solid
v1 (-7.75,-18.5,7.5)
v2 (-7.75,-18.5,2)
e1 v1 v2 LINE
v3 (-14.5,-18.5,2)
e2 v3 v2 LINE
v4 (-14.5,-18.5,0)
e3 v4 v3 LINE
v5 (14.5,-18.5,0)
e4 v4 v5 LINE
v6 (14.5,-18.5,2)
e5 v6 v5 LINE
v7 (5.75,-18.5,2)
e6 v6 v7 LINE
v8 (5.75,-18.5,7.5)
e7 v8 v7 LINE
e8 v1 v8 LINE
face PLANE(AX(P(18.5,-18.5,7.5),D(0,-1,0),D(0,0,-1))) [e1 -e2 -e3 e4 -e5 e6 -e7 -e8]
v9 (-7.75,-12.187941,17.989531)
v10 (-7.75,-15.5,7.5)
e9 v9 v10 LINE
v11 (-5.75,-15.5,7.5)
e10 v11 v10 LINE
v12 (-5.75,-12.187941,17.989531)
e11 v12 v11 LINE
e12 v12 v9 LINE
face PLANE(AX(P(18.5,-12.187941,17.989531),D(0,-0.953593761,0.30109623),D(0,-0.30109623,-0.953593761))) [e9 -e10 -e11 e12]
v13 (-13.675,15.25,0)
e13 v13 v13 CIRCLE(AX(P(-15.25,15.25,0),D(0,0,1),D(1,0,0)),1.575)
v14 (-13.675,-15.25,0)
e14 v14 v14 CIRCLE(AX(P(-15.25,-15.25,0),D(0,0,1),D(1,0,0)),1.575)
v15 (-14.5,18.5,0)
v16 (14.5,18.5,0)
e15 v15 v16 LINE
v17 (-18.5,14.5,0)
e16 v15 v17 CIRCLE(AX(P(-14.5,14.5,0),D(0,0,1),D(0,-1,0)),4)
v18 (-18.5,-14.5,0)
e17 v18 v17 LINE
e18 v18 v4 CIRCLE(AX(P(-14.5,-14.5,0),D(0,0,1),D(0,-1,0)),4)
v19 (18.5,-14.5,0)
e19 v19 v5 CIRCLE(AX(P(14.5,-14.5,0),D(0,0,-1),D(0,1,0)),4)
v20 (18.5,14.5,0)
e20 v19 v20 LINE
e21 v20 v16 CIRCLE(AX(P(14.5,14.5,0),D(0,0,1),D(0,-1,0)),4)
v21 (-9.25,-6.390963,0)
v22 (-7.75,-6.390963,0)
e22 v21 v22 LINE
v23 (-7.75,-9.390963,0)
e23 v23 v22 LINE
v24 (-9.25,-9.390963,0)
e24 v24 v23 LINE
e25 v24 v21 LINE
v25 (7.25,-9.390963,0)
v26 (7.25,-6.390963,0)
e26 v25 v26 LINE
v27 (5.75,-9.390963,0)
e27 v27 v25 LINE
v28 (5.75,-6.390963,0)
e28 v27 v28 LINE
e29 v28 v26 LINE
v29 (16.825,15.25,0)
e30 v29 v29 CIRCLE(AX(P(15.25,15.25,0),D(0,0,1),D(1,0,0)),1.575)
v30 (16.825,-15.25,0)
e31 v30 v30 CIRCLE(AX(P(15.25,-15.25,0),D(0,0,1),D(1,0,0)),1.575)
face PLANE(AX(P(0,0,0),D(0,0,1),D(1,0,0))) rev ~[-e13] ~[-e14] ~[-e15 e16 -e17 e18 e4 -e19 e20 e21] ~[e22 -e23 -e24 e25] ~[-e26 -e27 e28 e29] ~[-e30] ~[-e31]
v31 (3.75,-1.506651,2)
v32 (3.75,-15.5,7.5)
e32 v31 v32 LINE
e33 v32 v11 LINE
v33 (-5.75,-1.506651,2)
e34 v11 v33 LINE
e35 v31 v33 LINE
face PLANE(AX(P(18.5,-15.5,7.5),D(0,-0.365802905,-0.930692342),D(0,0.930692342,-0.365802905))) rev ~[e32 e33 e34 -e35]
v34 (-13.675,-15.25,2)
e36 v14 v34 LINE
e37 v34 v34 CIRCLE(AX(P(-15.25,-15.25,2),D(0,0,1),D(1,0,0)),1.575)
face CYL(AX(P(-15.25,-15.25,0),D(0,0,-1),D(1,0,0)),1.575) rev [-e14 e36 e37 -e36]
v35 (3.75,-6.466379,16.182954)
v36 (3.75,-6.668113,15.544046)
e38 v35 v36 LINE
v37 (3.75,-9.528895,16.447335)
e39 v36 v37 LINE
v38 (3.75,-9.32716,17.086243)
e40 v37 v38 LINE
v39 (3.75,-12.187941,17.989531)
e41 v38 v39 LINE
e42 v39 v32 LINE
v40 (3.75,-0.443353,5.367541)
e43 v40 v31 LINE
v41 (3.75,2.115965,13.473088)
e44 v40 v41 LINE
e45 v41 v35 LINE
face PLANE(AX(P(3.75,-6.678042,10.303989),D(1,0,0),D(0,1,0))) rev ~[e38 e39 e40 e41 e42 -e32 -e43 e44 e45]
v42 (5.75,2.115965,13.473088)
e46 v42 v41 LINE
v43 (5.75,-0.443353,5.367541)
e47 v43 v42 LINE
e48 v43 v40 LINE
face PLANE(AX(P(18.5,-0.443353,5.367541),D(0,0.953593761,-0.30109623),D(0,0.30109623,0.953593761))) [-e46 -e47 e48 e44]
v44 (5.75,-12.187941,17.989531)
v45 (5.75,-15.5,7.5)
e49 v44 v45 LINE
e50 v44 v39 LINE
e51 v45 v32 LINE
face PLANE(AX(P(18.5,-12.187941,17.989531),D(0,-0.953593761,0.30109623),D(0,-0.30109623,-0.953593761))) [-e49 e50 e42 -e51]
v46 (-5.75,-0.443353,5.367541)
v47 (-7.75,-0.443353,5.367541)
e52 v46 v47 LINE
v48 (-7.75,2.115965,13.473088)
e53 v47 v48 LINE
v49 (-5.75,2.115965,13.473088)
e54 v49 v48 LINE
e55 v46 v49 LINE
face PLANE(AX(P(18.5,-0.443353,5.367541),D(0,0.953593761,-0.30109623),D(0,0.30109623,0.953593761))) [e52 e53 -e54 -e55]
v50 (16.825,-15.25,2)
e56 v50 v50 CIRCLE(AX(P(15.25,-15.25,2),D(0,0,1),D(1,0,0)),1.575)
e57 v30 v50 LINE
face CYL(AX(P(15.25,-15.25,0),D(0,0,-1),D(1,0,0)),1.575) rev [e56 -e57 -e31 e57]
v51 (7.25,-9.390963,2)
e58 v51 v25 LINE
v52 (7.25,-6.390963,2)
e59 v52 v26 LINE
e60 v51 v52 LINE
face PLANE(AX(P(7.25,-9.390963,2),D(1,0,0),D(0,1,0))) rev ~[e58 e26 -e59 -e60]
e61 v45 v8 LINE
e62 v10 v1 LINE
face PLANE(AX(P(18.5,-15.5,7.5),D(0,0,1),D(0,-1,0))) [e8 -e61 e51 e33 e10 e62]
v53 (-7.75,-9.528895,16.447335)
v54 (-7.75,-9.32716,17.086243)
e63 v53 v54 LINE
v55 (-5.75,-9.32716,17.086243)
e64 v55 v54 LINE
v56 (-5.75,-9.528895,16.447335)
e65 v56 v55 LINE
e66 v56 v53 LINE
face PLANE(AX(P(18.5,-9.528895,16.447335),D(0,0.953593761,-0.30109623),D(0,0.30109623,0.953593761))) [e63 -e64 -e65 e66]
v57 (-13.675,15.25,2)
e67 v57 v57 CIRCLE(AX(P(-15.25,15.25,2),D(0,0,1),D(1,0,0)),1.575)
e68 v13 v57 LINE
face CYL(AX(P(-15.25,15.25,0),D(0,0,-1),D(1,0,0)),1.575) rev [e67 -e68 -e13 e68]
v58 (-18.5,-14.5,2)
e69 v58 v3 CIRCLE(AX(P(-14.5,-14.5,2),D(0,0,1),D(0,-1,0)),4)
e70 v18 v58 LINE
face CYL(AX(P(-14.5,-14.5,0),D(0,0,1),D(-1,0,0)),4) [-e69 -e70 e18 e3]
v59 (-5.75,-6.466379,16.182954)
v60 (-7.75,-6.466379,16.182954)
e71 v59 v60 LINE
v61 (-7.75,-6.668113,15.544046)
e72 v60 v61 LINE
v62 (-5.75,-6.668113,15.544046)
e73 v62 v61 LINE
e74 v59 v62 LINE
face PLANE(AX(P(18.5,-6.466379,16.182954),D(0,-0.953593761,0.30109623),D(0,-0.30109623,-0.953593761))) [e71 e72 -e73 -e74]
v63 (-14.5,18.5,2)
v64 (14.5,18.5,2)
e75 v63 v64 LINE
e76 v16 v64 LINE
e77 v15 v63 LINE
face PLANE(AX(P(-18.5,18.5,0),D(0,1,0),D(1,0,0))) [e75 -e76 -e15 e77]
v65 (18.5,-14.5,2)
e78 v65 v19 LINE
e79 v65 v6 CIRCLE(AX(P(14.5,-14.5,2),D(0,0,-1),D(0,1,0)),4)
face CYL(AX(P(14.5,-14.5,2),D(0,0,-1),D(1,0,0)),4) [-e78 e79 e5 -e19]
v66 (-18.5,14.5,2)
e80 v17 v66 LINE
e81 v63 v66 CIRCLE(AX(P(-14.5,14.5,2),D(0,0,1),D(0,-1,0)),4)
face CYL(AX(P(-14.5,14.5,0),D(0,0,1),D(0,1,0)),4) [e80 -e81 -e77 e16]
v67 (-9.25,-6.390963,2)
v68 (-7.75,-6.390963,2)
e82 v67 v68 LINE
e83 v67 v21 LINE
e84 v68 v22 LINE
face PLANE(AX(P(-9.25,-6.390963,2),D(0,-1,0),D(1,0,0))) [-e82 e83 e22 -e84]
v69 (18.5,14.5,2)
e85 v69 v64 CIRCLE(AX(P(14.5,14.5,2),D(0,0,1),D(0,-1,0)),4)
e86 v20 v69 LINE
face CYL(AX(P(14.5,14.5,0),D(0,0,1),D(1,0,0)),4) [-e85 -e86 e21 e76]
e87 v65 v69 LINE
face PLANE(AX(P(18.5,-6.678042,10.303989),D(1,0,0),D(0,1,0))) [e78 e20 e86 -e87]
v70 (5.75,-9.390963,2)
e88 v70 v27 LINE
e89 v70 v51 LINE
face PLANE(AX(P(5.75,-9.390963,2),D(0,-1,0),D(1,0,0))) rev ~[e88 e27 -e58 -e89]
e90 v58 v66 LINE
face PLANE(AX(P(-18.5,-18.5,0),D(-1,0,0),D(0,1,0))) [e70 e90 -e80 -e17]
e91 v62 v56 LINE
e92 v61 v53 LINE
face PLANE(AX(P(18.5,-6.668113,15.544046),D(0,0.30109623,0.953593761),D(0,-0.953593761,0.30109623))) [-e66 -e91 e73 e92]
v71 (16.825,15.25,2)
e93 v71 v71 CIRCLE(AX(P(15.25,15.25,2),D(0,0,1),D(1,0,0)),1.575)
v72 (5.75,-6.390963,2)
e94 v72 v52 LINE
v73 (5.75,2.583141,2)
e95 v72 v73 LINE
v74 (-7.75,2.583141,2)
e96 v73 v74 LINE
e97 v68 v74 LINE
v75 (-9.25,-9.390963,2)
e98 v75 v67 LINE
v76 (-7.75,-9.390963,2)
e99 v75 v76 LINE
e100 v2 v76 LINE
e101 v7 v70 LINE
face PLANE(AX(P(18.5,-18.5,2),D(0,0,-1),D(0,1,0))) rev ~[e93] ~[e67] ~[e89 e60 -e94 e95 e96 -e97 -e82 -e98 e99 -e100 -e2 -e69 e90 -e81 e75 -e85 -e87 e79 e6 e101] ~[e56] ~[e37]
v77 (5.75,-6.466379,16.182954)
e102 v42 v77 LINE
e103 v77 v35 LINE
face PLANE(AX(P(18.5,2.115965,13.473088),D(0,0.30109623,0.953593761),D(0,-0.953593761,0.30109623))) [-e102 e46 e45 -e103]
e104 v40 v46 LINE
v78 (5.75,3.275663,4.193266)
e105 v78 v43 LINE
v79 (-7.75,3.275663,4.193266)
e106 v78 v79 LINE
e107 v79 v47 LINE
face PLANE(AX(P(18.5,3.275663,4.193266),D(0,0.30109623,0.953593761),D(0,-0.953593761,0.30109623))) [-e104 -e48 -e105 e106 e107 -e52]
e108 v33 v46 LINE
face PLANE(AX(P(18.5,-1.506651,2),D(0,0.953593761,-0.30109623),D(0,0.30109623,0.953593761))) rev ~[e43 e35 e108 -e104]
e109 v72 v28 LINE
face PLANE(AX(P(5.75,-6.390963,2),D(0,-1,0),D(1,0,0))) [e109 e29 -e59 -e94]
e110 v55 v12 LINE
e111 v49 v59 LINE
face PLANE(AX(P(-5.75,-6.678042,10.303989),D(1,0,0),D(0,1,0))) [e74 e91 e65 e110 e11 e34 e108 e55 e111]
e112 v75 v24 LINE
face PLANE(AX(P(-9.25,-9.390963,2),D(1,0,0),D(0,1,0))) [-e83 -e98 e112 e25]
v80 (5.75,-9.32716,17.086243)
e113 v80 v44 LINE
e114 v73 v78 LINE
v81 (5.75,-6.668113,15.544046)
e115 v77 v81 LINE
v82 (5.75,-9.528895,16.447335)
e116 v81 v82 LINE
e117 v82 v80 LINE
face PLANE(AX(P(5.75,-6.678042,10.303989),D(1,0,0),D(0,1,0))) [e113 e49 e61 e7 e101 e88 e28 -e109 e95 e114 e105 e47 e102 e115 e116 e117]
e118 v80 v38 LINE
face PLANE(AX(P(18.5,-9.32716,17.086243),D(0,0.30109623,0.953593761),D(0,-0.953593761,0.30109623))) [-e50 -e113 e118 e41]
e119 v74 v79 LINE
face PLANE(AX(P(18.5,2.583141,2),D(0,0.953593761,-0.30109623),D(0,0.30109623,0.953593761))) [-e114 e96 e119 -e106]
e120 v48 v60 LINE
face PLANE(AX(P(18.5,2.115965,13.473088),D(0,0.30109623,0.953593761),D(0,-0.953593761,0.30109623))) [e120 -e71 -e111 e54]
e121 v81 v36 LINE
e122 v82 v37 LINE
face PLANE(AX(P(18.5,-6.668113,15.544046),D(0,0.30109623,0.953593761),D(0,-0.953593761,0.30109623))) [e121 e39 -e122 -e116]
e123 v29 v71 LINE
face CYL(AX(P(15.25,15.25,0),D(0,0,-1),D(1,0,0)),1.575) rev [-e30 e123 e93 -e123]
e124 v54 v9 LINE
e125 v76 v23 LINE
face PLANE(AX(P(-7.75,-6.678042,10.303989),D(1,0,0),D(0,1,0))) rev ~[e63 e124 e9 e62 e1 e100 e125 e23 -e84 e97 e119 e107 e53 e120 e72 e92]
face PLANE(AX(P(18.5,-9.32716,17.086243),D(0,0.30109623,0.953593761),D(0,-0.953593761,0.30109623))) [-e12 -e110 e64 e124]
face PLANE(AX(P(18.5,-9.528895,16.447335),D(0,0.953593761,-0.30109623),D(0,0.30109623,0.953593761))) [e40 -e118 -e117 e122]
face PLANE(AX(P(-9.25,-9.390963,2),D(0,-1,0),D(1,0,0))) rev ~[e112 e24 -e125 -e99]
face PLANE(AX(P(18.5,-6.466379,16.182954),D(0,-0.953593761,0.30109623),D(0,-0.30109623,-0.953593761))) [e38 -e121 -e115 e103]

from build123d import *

# Parameters (mm, degrees)
F0_W     = 37
F0_H     = 37
F0_R     = 1.575
F1_DEPTH = 2
F3_DEPTH = 26.25
F4_DEPTH = 24.25
F5_DEPTH = 14.75
F6_DEPTH = 12.75
F7_R     = 4
F8_W     = 1.5
F8_H     = 3
F9_DEPTH = 25


with BuildPart() as f1:
    # F0 (on Top) → F1 (new body)
    with BuildSketch(Plane.XY):
        Rectangle(F0_W, F0_H)
        with Locations((-15.25, -15.25)):
            Circle(F0_R, mode=Mode.SUBTRACT)
        with Locations((15.25, -15.25)):
            Circle(F0_R, mode=Mode.SUBTRACT)
        with Locations((-15.25, 15.25)):
            Circle(F0_R, mode=Mode.SUBTRACT)
        with Locations((15.25, 15.25)):
            Circle(F0_R, mode=Mode.SUBTRACT)
    extrude(amount=F1_DEPTH)

    # F2 (on face) → F3 (join)
    with BuildSketch(Plane.YZ.offset(18.5)):
        Polygon((-12.187941467, 17.9895313658), (-15.5, 7.5), (-1.5066505404, 2), (-0.4433530164, 5.3675409473), (2.1159649409, 13.4730879118), (-6.4663789039, 16.1829539842), (-6.6681133781, 15.5440461646), (-9.5288946597, 16.4473348554), (-9.3271601854, 17.086242675), align=None)
        Polygon((-18.5, 7.5), (-18.5, 2), (-1.5066505404, 2), (-15.5, 7.5), align=None)
        Polygon((-0.4433530164, 5.3675409473), (-1.5066505404, 2), (2.58314132, 2), (3.2756626496, 4.1932656492), align=None)
    extrude(amount=-F3_DEPTH)

    # F2 (on face) → F4 (cut)
    with BuildSketch(Plane.YZ.offset(18.5)):
        Polygon((-15.5, 7.5), (-1.5066505404, 2), (-0.4433530164, 5.3675409473), (2.1159649409, 13.4730879118), (-6.4663789039, 16.1829539842), (-6.6681133781, 15.5440461646), (-9.5288946597, 16.4473348554), (-9.3271601854, 17.086242675), (-12.187941467, 17.9895313658), align=None)
    extrude(amount=-F4_DEPTH, mode=Mode.SUBTRACT)

    # F2 (on face) → F5 (join)
    with BuildSketch(Plane.YZ.offset(18.5)):
        Polygon((-12.187941467, 17.9895313658), (-15.5, 7.5), (-1.5066505404, 2), (-0.4433530164, 5.3675409473), (2.1159649409, 13.4730879118), (-6.4663789039, 16.1829539842), (-6.6681133781, 15.5440461646), (-9.5288946597, 16.4473348554), (-9.3271601854, 17.086242675), align=None)
        Polygon((-18.5, 7.5), (-18.5, 2), (-1.5066505404, 2), (-15.5, 7.5), align=None)
        Polygon((-0.4433530164, 5.3675409473), (-1.5066505404, 2), (2.58314132, 2), (3.2756626496, 4.1932656492), align=None)
    extrude(amount=-F5_DEPTH)

    # F2 (on face) → F6 (cut)
    with BuildSketch(Plane.YZ.offset(18.5)):
        Polygon((-12.187941467, 17.9895313658), (-15.5, 7.5), (-1.5066505404, 2), (-0.4433530164, 5.3675409473), (2.1159649409, 13.4730879118), (-6.4663789039, 16.1829539842), (-6.6681133781, 15.5440461646), (-9.5288946597, 16.4473348554), (-9.3271601854, 17.086242675), align=None)
        Polygon((-18.5, 7.5), (-18.5, 2), (-1.5066505404, 2), (-15.5, 7.5), align=None)
        Polygon((-0.4433530164, 5.3675409473), (-1.5066505404, 2), (2.58314132, 2), (3.2756626496, 4.1932656492), align=None)
    extrude(amount=-F6_DEPTH, mode=Mode.SUBTRACT)

    # F7
    f7_edges = [f1.edges().sort_by_distance(p)[0] for p in [
        (18.5, -18.5, 1),
        (18.5, 18.5, 1),
        (-18.5, 18.5, 1),
        (-18.5, -18.5, 1),
    ]]
    fillet(f7_edges, radius=F7_R)

    # F8 (on face) → F9 (cut)
    with BuildSketch(Plane.XY.offset(2)):
        with Locations((-8.5, -7.8909632415)):
            Rectangle(F8_W, F8_H)
        with Locations((6.5, -7.8909632415)):
            Rectangle(F8_W, F8_H)
    extrude(amount=-F9_DEPTH, mode=Mode.SUBTRACT)


solid = f1.part
